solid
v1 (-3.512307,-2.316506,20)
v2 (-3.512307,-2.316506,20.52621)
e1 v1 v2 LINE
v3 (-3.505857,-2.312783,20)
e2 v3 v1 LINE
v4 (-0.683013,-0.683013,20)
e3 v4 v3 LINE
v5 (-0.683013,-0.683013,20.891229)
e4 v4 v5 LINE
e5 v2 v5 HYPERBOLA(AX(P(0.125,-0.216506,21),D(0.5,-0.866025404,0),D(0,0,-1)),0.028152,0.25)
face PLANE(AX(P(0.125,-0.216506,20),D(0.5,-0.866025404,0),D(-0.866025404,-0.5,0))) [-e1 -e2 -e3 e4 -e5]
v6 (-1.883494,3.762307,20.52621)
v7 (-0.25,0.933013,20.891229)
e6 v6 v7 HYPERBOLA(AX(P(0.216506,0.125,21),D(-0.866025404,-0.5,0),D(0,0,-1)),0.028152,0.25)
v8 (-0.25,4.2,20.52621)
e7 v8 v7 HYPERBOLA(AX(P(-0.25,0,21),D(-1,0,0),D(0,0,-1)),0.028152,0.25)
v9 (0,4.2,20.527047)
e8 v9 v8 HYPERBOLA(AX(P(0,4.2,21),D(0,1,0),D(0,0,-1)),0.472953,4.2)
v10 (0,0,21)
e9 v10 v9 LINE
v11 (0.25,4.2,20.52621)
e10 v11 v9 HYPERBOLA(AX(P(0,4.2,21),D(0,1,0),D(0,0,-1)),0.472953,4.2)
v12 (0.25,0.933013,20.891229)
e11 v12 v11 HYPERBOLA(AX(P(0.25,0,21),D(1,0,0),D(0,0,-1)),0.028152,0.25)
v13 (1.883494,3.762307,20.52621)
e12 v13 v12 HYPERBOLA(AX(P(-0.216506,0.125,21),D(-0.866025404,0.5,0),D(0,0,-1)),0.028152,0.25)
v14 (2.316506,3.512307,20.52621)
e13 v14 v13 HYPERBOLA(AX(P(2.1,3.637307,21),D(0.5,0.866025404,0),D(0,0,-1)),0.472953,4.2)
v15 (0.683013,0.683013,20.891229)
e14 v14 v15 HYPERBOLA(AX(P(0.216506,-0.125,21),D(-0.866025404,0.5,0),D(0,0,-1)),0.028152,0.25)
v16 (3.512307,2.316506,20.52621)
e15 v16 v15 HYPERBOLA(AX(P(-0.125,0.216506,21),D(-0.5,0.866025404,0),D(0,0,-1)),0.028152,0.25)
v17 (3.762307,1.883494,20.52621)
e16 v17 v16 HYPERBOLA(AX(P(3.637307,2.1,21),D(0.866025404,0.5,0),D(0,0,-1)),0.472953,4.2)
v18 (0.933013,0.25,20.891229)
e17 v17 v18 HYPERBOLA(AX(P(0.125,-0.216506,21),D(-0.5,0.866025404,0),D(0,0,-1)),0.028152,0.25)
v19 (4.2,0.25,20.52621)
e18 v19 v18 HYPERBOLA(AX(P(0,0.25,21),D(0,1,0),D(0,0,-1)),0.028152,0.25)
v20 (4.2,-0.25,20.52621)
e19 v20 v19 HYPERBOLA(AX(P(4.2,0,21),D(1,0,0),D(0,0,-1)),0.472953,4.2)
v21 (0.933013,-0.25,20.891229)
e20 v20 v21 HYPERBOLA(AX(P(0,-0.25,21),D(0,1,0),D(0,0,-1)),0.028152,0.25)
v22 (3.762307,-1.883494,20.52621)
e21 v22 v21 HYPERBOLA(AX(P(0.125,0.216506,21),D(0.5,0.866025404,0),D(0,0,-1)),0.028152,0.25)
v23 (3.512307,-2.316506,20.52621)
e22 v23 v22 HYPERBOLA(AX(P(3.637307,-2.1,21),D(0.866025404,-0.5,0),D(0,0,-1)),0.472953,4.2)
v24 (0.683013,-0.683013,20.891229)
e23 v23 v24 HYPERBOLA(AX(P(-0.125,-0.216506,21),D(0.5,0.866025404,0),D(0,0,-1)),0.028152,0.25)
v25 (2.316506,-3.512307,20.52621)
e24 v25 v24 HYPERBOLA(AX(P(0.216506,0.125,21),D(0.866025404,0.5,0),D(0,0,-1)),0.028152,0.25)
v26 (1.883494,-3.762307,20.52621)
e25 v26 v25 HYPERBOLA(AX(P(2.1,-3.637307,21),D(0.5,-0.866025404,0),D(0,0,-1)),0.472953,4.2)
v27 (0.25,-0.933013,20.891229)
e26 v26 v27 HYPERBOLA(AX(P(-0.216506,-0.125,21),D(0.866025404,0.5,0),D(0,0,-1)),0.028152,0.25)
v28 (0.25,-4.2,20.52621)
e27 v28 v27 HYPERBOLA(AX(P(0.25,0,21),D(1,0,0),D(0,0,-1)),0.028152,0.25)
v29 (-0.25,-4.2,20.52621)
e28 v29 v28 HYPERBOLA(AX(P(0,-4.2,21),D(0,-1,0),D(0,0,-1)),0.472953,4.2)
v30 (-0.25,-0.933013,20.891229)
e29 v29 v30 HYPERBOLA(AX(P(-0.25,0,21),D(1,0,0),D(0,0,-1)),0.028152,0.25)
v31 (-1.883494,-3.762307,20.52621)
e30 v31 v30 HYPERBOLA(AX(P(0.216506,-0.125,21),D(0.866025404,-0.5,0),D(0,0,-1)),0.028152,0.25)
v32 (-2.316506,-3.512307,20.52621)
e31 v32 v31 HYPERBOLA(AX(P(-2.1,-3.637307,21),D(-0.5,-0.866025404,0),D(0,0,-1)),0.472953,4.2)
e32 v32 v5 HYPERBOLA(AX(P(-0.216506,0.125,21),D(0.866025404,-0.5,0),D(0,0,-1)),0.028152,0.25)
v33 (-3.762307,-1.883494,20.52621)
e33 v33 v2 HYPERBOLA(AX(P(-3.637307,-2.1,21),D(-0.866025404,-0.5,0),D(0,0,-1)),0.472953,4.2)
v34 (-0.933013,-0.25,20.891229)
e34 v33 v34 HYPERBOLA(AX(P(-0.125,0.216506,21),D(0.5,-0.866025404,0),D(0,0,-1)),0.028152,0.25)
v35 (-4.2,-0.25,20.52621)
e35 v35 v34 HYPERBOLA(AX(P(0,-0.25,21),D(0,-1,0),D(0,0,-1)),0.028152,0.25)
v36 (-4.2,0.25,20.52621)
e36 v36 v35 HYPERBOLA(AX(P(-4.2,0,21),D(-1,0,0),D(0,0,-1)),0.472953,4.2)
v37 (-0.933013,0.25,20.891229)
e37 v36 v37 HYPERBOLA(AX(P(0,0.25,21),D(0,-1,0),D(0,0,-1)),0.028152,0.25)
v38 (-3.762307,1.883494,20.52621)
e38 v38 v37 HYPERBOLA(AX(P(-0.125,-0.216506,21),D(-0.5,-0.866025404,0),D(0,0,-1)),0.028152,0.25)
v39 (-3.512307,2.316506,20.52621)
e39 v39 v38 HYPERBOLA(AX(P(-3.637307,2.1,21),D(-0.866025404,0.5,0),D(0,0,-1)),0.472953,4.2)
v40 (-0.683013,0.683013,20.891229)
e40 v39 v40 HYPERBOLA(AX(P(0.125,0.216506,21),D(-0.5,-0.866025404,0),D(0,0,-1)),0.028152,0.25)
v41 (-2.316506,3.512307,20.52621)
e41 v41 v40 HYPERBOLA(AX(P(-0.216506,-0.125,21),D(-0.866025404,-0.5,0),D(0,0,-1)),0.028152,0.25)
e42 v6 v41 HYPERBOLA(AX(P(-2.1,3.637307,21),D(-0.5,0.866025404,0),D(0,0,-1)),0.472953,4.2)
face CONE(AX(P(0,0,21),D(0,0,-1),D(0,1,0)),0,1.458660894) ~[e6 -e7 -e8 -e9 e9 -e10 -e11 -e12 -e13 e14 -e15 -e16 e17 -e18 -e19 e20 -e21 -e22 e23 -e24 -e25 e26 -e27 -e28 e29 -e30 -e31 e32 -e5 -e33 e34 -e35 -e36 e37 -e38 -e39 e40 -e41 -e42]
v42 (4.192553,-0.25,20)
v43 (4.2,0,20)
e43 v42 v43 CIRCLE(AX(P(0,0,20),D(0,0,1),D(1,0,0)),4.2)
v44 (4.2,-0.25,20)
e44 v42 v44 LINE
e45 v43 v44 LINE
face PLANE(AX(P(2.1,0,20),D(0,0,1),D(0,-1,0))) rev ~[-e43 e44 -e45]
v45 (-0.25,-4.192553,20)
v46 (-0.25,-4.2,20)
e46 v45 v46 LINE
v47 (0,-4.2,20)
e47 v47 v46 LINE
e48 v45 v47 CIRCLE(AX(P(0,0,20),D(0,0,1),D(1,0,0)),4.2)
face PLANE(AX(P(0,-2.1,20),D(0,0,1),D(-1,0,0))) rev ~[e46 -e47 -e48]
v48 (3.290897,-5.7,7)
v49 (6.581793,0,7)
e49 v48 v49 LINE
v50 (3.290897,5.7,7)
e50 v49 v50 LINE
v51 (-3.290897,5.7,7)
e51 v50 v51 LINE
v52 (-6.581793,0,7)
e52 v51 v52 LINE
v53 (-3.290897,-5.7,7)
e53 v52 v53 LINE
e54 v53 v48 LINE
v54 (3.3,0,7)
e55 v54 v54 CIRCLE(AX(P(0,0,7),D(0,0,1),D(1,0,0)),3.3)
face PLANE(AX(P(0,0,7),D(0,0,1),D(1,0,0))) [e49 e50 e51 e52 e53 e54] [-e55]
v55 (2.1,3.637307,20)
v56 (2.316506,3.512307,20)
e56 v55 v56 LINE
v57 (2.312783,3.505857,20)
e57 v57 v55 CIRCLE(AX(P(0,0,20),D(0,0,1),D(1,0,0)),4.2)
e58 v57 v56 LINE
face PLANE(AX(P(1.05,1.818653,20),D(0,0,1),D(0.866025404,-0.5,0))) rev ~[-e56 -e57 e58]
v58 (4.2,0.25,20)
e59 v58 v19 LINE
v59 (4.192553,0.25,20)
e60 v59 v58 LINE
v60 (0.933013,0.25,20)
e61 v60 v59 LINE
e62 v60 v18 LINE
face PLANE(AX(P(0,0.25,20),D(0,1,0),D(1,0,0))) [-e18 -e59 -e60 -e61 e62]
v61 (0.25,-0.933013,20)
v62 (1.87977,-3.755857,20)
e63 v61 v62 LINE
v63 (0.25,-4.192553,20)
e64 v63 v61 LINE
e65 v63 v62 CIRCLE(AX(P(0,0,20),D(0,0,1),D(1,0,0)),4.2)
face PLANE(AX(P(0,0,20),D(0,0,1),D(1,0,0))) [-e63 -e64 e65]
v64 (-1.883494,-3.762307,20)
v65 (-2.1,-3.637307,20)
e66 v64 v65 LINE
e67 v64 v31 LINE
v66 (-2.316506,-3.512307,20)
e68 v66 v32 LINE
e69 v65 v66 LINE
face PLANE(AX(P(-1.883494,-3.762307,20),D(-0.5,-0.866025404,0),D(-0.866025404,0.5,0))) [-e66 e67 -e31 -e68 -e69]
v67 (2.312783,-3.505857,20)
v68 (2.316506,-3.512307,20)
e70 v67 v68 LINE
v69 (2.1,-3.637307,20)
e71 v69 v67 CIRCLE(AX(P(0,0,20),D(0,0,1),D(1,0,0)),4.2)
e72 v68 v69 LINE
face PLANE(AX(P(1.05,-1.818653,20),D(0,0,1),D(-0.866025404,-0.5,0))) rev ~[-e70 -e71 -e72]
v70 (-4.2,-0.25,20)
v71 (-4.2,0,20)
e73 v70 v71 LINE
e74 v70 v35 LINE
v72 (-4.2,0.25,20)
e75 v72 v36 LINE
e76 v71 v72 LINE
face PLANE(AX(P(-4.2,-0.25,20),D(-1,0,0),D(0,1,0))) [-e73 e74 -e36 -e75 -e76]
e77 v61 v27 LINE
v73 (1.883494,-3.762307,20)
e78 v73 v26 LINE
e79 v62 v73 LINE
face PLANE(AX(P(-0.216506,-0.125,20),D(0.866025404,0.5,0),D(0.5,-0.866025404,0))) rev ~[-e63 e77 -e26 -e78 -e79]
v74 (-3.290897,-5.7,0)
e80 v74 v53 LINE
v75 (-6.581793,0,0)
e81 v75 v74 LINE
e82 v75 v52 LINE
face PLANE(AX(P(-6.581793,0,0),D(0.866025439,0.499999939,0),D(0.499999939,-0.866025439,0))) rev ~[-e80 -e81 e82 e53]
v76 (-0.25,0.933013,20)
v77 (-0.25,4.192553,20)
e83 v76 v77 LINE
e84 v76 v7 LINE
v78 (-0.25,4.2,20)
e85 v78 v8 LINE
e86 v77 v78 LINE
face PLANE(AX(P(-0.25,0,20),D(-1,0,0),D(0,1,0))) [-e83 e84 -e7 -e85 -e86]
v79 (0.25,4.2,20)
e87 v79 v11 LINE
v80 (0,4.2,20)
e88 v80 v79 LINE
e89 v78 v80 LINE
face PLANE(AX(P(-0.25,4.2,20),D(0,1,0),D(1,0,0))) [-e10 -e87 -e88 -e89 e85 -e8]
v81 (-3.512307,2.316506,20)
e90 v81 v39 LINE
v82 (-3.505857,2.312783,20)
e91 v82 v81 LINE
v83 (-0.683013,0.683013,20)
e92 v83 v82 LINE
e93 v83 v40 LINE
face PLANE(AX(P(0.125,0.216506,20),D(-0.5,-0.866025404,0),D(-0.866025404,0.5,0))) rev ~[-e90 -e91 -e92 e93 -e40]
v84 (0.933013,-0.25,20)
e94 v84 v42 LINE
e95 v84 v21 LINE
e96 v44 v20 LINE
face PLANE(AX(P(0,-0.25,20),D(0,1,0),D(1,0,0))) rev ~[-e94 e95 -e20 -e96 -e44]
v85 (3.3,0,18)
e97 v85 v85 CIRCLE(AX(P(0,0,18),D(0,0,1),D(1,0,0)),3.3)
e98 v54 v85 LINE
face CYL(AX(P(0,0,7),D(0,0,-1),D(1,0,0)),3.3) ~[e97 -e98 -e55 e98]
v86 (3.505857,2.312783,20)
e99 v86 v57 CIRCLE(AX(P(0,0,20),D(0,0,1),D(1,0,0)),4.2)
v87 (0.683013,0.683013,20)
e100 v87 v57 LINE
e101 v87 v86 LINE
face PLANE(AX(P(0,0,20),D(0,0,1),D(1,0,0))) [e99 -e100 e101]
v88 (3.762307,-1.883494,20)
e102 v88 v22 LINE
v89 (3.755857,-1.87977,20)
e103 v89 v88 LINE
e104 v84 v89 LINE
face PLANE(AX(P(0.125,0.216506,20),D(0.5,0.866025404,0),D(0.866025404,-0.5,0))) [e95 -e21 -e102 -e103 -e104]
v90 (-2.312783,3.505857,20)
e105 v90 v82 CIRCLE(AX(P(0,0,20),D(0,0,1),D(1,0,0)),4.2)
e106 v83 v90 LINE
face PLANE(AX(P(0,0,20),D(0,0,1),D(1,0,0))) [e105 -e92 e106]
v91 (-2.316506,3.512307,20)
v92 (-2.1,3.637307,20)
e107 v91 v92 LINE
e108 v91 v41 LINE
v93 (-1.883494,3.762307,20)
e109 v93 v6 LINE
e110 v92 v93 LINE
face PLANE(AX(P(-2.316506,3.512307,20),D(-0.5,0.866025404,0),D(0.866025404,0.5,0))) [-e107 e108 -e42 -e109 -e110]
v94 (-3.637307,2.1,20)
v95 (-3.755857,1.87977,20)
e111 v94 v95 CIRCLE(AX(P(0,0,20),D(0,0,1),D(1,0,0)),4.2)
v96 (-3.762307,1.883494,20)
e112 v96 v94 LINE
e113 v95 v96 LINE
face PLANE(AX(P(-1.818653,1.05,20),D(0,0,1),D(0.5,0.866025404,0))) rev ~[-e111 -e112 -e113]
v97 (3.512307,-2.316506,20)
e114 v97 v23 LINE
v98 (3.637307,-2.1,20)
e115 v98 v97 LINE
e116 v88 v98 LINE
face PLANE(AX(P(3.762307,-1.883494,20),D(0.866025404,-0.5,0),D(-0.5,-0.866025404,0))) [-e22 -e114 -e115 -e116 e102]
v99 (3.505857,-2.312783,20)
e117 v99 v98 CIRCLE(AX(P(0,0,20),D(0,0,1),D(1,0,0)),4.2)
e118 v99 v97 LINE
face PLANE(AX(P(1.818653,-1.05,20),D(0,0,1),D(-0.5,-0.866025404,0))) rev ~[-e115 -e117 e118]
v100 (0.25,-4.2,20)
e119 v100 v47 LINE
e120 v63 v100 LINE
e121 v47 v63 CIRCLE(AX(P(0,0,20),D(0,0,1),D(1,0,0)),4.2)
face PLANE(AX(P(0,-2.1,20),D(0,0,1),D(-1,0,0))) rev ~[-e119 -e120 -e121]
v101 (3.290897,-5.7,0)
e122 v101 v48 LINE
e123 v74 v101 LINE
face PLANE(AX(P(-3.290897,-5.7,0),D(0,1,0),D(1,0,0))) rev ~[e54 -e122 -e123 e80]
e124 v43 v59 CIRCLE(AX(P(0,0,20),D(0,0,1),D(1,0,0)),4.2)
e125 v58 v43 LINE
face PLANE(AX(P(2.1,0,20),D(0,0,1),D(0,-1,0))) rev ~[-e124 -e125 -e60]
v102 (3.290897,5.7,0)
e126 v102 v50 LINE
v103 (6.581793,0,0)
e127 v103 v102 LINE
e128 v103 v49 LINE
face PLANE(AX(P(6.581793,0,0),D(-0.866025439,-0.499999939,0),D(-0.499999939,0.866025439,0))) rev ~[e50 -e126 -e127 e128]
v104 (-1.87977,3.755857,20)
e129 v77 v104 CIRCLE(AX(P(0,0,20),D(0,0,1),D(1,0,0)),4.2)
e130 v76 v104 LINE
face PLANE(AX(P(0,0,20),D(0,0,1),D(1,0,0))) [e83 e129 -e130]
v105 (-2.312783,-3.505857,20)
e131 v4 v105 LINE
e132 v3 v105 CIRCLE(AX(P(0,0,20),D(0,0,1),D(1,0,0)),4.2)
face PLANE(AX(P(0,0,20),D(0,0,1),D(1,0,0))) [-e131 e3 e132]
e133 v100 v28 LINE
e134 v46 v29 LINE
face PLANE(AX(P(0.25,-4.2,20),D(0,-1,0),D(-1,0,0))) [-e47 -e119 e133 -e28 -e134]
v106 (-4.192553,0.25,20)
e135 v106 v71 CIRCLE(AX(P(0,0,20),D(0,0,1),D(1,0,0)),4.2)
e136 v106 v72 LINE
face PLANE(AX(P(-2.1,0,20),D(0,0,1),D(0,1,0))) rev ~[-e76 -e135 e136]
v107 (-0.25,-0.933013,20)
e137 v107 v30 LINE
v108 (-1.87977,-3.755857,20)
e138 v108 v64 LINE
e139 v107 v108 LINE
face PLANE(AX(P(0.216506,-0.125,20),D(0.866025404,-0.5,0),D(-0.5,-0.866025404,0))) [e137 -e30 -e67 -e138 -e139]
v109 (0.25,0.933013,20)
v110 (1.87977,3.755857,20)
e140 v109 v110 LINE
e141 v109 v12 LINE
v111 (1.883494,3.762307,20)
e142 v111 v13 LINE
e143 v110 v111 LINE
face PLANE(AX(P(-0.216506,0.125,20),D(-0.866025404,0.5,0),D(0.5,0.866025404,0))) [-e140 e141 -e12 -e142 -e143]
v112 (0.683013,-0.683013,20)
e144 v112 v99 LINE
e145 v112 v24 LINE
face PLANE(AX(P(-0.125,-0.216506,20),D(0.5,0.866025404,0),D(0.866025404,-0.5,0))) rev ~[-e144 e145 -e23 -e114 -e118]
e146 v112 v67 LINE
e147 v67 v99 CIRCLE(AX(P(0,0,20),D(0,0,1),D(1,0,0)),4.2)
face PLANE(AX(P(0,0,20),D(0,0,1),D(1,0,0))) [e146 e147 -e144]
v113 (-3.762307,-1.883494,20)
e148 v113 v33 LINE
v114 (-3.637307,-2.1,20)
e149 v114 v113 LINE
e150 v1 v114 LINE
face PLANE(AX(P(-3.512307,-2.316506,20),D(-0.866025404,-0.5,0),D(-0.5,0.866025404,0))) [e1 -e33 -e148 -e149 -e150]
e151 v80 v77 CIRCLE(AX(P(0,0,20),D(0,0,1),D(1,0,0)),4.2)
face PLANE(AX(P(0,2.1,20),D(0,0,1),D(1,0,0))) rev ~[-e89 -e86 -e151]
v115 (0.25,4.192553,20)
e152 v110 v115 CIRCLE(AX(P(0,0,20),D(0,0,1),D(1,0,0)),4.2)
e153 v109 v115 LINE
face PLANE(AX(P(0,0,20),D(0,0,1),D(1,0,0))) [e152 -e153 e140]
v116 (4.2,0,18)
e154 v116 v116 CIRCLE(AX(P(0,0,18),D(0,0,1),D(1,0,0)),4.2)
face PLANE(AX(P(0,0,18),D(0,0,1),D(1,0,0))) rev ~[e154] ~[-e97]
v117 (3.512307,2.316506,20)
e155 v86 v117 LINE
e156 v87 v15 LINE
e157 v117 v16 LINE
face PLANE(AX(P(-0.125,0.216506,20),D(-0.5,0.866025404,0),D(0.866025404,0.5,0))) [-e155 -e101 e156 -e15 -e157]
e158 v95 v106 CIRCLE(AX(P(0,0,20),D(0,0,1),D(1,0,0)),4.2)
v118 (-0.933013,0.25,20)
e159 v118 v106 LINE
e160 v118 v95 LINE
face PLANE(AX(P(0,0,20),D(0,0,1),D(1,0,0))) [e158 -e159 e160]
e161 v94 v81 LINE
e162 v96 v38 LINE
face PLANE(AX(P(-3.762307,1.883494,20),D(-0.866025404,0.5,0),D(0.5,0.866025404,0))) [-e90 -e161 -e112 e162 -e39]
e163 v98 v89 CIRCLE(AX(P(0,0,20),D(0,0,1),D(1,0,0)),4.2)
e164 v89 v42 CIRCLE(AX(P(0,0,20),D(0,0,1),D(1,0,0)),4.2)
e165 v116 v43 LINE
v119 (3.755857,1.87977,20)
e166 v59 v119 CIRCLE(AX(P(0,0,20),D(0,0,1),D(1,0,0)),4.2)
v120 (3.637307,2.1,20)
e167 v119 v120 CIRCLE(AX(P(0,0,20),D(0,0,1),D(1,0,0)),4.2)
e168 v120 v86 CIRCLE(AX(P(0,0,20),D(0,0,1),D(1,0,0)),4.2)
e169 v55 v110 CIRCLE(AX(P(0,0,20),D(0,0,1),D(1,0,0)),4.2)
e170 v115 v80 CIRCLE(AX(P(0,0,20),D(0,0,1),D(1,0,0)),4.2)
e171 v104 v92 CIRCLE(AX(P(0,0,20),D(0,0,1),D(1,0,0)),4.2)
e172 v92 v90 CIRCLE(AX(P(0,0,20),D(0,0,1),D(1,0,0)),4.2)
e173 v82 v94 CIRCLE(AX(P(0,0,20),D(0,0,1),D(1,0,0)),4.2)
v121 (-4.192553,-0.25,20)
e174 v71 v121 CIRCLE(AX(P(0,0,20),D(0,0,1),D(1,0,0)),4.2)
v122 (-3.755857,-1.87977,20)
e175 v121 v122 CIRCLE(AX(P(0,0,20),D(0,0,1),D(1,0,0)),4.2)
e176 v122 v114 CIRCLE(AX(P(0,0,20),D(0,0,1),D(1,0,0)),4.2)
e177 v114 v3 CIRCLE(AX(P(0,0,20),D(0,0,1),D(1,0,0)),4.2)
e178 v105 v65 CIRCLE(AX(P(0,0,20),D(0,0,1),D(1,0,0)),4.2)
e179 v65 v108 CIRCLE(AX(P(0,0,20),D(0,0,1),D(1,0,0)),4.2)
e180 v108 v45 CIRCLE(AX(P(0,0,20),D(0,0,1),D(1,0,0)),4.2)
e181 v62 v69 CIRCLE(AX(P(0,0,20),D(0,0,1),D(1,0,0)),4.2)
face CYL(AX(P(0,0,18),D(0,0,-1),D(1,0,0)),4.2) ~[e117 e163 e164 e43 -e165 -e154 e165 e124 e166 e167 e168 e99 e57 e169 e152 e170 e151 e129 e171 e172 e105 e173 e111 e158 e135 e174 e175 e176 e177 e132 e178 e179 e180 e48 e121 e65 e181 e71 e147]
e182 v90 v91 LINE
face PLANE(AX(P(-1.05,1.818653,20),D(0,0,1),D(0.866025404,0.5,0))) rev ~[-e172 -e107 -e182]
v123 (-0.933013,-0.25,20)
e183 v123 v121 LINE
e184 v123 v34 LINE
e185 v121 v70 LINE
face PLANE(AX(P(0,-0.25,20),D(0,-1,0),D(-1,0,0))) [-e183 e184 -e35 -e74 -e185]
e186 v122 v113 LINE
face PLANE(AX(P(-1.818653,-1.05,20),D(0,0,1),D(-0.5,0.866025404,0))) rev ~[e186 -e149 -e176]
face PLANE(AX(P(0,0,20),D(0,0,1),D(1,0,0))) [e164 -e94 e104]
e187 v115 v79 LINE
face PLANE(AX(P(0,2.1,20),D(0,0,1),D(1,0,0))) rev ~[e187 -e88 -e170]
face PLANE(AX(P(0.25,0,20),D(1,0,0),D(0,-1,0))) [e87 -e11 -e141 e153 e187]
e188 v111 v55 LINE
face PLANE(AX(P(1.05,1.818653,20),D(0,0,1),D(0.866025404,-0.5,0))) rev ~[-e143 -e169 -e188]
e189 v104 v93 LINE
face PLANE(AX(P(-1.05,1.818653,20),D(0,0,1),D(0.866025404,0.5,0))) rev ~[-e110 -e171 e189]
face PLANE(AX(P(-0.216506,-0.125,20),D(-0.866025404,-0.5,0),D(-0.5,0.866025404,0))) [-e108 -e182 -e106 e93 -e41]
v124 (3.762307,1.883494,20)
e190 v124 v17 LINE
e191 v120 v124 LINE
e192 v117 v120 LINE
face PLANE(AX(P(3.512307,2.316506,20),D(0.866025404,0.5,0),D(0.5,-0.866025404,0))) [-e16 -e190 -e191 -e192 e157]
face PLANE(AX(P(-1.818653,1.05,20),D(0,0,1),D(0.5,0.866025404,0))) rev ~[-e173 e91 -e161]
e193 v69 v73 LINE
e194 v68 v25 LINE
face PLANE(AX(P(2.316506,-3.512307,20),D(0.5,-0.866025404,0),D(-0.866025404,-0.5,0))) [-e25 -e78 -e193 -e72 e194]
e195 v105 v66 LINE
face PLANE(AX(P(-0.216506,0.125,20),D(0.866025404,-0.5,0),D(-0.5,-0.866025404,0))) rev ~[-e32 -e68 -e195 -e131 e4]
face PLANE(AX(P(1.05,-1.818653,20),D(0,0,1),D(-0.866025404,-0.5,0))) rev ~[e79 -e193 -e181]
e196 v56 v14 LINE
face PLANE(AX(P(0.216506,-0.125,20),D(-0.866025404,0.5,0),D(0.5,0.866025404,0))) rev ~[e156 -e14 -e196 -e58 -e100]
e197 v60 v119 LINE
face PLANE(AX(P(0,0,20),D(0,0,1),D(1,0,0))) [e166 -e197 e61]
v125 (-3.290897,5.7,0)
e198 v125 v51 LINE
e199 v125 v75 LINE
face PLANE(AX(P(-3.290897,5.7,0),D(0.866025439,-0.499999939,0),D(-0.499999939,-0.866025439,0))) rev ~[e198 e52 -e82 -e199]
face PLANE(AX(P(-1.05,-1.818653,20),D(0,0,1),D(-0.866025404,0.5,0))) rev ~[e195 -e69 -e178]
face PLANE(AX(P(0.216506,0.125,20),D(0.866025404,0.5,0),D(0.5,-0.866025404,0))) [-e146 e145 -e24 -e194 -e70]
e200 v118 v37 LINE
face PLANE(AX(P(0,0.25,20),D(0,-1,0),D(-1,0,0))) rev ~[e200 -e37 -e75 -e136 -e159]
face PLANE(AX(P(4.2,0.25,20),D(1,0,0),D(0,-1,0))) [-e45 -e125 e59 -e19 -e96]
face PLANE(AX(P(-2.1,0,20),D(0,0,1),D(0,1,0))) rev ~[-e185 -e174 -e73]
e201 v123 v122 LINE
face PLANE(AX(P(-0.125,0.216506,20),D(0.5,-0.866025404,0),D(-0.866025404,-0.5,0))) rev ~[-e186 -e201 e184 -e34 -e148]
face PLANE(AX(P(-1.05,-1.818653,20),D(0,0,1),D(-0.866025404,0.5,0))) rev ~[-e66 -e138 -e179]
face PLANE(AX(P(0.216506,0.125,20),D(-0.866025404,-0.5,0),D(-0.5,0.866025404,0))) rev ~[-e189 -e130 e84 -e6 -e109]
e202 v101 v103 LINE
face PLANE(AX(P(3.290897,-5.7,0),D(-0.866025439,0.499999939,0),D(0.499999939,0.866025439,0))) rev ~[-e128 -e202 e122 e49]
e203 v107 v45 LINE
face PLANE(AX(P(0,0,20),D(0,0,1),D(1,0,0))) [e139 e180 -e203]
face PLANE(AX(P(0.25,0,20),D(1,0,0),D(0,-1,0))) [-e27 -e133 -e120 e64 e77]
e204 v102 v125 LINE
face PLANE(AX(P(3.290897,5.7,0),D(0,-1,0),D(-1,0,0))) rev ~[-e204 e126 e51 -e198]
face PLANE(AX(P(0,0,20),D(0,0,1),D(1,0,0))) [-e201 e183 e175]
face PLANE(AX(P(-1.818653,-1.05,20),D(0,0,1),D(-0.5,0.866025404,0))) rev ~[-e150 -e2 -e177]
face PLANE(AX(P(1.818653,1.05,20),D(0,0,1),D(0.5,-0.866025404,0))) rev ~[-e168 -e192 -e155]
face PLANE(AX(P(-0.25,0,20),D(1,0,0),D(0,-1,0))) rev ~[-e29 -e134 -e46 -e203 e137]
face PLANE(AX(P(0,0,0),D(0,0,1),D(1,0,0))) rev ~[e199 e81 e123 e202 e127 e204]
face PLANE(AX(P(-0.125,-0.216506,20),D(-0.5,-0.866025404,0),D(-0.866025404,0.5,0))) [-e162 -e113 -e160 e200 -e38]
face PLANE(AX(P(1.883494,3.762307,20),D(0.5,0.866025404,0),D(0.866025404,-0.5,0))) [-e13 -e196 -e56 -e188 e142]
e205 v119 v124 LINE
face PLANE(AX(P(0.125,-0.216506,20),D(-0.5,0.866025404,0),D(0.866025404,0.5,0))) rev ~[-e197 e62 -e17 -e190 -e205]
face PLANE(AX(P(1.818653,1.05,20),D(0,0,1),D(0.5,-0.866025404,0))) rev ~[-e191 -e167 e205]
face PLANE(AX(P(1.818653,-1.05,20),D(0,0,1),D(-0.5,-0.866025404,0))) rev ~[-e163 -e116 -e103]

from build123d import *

# Parameters (mm, degrees)
PAD_DEPTH          = 7
SKETCH001_R        = 3.3
PAD001_DEPTH       = 11
SKETCH002_R        = 4.2
PAD002_DEPTH       = 2
SKETCH003_W        = 0.5
SKETCH003_H        = 4.2
PAD003_DEPTH       = 1
POLARPATTERN_COUNT = 12


with BuildPart() as part:
    # Sketch (on XY_Plane of Origin) → Pad (new body)
    with BuildSketch(Plane.XY):
        Polygon((6.581793, 0), (3.290897, 5.7), (-3.290897, 5.7), (-6.581793, 0), (-3.290897, -5.7), (3.290897, -5.7), align=None)
    extrude(amount=PAD_DEPTH)

    # Sketch001 (on Face8 of Pad) → Pad001 (join)
    with BuildSketch(Plane.XY.offset(7)):
        Circle(SKETCH001_R)
    extrude(amount=PAD001_DEPTH)

    # Sketch002 (on Face10 of Pad001) → Pad002 (join)
    with BuildSketch(Plane.XY.offset(18)):
        Circle(SKETCH002_R)
    extrude(amount=PAD002_DEPTH)

    # Sketch003 (on Face12 of Pad002) → Pad003 (join)
    with BuildSketch(Plane.XY.offset(20)):
        with Locations((0, 2.1)):
            Rectangle(SKETCH003_W, SKETCH003_H)
    pad003 = extrude(amount=PAD003_DEPTH)

    # PolarPattern: Pad003 ×12 about axis
    polarpattern_axis = Axis((0, 0, 20), (0, 0, 1))
    for i in range(1, POLARPATTERN_COUNT):
        add(pad003.rotate(polarpattern_axis, i * 360 / POLARPATTERN_COUNT))

    # Sketch004 (on YZ_Plane of Origin) → Groove (revolve, cut)
    with BuildSketch(Plane.YZ):
        Polygon((0, 21), (4.440189, 20.5), (4.440189, 21), align=None)
    revolve(axis=Axis((0, 0, 0), (0, 0, 1)), mode=Mode.SUBTRACT)


solid = part.part
